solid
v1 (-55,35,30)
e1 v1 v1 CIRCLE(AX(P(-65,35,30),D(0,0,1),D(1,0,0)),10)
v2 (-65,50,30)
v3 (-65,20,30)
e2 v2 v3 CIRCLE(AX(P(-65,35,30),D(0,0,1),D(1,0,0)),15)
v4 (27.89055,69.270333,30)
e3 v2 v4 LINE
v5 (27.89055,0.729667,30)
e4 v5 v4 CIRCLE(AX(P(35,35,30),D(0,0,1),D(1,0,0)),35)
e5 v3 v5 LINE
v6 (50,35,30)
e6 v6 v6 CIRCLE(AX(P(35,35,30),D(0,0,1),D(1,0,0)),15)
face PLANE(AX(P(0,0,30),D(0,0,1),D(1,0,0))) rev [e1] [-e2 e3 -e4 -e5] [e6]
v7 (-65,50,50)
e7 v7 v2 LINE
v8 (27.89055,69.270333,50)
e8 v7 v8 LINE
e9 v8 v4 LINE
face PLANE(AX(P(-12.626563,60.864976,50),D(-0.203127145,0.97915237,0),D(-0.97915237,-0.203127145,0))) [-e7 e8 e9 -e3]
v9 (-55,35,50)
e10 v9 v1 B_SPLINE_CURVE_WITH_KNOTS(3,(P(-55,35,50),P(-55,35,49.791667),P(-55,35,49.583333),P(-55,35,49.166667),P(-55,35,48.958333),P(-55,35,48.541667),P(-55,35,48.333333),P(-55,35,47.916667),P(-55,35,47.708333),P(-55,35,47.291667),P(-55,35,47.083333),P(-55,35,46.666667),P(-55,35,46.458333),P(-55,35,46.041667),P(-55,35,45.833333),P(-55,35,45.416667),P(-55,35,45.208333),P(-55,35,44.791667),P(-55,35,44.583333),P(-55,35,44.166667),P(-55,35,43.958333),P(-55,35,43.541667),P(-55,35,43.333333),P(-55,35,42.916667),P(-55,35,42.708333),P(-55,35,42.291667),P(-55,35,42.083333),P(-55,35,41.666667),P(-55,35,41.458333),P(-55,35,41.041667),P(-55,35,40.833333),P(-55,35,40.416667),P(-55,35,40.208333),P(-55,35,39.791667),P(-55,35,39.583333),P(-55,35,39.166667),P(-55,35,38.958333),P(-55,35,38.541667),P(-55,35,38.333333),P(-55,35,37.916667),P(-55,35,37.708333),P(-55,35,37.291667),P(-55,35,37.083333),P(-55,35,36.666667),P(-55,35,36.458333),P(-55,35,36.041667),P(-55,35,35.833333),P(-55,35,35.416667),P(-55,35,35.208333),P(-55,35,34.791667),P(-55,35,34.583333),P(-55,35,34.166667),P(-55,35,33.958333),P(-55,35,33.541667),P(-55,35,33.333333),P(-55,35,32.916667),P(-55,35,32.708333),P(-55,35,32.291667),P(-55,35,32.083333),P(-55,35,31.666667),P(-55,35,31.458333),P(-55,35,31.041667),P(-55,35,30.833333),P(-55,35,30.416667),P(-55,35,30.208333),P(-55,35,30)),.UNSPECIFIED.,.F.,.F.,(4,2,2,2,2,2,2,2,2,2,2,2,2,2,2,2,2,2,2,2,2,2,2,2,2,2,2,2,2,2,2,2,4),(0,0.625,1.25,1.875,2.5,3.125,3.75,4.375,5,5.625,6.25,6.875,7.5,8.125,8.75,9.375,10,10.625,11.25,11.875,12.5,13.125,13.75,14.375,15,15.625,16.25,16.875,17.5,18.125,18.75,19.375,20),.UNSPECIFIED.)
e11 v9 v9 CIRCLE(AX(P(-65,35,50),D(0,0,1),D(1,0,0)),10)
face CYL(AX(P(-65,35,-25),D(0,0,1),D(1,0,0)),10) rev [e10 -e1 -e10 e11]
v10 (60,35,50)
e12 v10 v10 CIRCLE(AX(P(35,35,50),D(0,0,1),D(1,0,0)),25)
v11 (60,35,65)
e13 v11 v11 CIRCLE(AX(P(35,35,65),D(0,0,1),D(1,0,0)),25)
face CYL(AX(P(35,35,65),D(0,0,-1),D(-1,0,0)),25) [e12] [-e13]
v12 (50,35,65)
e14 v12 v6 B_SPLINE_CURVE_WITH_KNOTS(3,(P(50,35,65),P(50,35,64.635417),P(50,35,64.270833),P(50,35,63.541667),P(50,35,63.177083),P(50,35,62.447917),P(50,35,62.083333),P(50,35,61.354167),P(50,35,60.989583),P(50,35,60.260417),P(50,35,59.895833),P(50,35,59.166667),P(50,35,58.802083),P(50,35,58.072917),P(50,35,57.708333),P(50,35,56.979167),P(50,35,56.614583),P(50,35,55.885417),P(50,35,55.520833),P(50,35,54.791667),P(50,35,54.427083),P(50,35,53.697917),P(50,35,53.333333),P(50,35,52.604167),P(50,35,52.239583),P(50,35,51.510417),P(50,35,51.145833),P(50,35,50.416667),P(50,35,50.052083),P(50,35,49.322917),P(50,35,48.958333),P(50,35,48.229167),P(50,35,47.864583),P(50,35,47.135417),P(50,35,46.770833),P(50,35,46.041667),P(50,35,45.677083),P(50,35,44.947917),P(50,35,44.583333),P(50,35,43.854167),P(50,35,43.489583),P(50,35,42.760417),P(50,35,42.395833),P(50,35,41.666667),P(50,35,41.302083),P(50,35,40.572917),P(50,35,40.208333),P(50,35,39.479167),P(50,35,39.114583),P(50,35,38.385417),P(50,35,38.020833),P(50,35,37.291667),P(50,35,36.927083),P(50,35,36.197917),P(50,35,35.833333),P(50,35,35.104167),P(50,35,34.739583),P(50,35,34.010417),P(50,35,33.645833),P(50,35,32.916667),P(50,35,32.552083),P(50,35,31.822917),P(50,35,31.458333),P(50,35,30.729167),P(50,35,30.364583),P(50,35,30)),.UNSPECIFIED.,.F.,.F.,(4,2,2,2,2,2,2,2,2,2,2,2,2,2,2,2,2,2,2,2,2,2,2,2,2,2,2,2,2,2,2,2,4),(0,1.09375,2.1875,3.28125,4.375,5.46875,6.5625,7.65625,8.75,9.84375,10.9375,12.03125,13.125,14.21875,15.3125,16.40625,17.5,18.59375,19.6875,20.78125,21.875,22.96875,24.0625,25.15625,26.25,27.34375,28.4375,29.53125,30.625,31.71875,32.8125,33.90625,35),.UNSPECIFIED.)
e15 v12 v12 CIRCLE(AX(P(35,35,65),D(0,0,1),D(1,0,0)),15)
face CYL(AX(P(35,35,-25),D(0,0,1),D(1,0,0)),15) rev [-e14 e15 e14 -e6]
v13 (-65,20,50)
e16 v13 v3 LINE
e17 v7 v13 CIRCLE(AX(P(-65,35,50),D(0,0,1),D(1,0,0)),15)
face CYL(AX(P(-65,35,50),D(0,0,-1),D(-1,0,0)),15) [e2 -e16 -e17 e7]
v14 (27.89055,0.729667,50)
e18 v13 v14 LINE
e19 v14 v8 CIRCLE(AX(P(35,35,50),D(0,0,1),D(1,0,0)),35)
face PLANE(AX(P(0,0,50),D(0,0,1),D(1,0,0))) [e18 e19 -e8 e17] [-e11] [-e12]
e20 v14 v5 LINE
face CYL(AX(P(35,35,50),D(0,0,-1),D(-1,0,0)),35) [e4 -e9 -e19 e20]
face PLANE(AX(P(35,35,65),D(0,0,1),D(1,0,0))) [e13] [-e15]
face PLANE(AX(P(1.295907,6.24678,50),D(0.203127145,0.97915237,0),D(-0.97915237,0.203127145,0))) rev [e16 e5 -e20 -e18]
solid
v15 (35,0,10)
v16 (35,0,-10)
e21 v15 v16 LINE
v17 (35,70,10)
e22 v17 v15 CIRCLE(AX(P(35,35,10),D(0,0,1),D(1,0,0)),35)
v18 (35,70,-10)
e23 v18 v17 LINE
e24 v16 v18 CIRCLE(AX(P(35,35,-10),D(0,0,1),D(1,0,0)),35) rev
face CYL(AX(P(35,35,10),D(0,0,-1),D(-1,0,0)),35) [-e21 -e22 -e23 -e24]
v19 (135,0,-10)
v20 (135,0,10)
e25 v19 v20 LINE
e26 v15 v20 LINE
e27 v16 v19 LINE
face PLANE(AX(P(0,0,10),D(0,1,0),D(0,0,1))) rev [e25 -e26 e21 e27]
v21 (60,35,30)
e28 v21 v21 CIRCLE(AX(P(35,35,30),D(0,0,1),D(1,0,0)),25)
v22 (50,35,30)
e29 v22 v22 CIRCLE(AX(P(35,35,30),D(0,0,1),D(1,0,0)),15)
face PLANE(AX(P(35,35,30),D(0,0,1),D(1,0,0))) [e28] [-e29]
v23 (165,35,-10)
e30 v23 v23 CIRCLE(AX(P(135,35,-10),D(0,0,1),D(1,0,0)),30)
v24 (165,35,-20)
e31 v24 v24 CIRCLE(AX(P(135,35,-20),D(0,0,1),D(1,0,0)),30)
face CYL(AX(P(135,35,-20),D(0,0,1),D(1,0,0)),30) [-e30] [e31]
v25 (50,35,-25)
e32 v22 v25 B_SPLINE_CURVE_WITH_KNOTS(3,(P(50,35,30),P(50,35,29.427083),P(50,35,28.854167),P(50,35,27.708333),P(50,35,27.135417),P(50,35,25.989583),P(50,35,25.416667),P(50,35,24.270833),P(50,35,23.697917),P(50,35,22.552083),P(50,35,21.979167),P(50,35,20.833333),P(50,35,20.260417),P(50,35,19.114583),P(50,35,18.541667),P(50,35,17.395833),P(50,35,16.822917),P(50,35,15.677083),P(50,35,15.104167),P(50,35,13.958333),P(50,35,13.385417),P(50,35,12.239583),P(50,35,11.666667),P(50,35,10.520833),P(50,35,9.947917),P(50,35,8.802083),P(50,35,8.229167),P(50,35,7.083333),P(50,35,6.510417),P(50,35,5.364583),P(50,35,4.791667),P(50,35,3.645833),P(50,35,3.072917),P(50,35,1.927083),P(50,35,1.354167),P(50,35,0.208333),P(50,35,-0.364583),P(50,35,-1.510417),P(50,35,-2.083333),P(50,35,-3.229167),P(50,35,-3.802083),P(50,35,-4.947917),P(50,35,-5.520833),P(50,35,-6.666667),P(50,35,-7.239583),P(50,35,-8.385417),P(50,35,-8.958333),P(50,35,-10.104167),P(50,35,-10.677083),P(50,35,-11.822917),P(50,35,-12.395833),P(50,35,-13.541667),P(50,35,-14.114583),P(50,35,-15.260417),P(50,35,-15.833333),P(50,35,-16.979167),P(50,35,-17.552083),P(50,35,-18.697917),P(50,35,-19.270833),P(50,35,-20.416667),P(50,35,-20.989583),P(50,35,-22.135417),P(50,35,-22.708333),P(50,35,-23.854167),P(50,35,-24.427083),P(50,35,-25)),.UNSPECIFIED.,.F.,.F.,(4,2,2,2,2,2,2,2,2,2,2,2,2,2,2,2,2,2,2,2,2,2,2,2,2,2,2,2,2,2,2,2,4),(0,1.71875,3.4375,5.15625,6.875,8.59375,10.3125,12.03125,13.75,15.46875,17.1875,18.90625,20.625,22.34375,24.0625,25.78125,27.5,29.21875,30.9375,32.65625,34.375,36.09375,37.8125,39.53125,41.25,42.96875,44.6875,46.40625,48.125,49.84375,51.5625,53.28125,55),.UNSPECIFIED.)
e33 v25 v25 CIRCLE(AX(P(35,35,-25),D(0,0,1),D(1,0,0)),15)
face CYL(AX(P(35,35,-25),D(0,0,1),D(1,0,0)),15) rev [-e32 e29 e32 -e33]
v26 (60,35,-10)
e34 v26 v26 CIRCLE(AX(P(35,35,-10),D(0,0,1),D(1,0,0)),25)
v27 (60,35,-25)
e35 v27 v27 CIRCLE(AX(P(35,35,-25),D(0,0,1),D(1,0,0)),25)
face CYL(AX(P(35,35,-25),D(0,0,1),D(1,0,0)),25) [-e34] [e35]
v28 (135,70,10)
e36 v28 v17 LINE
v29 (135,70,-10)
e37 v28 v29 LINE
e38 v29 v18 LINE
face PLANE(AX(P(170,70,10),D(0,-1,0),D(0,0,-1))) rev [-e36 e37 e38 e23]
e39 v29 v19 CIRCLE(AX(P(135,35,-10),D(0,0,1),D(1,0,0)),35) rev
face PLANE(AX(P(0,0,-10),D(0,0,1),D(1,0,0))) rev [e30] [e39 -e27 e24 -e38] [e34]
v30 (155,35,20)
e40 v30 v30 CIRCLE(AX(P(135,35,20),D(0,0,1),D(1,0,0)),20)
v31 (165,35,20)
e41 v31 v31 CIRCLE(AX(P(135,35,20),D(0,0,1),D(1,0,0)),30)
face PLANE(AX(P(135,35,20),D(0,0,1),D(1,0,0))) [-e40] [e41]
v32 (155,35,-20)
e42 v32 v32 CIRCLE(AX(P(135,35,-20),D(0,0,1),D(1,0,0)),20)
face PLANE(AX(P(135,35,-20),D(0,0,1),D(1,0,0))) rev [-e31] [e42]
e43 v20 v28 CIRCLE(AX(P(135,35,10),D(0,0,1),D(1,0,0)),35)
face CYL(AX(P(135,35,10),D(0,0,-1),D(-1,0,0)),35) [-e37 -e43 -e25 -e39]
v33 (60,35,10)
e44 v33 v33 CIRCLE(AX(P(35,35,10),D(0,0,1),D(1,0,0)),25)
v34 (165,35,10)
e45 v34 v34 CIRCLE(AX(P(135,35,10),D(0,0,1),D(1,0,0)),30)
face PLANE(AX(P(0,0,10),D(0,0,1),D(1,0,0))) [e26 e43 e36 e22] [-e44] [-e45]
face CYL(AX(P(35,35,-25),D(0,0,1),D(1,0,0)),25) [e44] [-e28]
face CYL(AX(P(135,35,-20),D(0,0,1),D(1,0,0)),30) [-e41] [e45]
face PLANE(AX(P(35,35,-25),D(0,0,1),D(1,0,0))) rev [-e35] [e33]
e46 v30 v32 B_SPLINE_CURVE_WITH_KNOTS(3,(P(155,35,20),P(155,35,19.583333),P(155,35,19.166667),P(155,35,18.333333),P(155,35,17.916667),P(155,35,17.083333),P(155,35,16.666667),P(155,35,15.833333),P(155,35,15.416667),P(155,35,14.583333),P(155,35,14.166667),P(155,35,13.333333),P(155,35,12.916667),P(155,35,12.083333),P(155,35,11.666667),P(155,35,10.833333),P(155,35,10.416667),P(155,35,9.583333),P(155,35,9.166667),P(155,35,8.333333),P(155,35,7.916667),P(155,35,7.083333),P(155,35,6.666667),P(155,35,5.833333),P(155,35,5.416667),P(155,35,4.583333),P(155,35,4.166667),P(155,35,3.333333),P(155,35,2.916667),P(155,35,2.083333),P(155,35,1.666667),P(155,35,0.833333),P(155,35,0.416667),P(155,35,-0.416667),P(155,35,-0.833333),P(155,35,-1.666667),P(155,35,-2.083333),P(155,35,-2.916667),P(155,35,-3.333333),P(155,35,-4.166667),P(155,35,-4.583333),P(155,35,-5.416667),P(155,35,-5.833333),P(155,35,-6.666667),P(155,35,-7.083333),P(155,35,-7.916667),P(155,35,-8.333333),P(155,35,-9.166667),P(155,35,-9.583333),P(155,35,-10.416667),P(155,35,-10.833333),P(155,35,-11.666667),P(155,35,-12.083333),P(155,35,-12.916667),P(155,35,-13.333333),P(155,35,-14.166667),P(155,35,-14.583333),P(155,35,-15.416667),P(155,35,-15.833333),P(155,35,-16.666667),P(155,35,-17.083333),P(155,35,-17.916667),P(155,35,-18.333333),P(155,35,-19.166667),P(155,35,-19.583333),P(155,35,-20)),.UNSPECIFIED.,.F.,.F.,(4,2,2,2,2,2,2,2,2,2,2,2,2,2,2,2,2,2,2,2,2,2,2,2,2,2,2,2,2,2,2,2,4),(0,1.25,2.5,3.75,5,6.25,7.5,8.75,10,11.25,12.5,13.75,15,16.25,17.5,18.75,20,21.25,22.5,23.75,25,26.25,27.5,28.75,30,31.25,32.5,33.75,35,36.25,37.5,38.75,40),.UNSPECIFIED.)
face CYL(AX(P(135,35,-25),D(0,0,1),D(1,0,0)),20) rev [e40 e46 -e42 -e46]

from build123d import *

# Parameters (mm, degrees)
SKETCH1_W                = 170
SKETCH1_H                = 70
BOSS_EXTRUDE1_DEPTH      = 10
FILLET1_RADIUS           = 35
FILLET1_LENGTH           = 20
FILLET2_RADIUS           = 35
FILLET2_LENGTH           = 20
BOSS_EXTRUDE2_DEPTH      = 10
BOSS_EXTRUDE2_DEPTH_BACK = 30
SKETCH2_R                = 30
BOSS_EXTRUDE3_DEPTH      = 20
BOSS_EXTRUDE3_DEPTH_BACK = 35
SKETCH3_R                = 25
SKETCH4_R                = 35
SKETCH4_R_2              = 25
BOSS_EXTRUDE4_DEPTH      = 20
SKETCH5_R                = 25
BOSS_EXTRUDE5_DEPTH      = 15
SKETCH6_R                = 10
SKETCH6_R_2              = 15
SKETCH6_R_3              = 20
CUT_EXTRUDE1_DEPTH       = 205.694894905


with BuildPart() as part:
    # Sketch1 → Boss-Extrude1 (new, symmetric)
    with BuildSketch(Plane.XY):
        with Locations((85, 35)):
            Rectangle(SKETCH1_W, SKETCH1_H)
    extrude(amount=BOSS_EXTRUDE1_DEPTH, both=True)

    # Fillet1: full round fillet: the end face becomes a half cylinder, R = half its width
    fillet1_face = Plane((170, 35, 0), x_dir=(0, 0, 1), z_dir=(1, 0, 0))  # on the end face: x along it, z out of the body
    fillet1_slab = fillet1_face.offset(-FILLET1_RADIUS / 2) * Box(FILLET1_LENGTH, 2 * FILLET1_RADIUS, FILLET1_RADIUS, mode=Mode.PRIVATE)  # the body's end, R deep
    fillet1_round = Plane((135, 35, 0), x_dir=(1, 0, 0), z_dir=(0, 0, 1)) * Cylinder(FILLET1_RADIUS, FILLET1_LENGTH, mode=Mode.PRIVATE)  # its axis R under the face
    add(fillet1_slab - fillet1_round, mode=Mode.SUBTRACT)

    # Fillet2: full round fillet: the end face becomes a half cylinder, R = half its width
    fillet2_face = Plane((0, 35, 0), x_dir=(0, 0, -1), z_dir=(-1, 0, 0))  # on the end face: x along it, z out of the body
    fillet2_slab = fillet2_face.offset(-FILLET2_RADIUS / 2) * Box(FILLET2_LENGTH, 2 * FILLET2_RADIUS, FILLET2_RADIUS, mode=Mode.PRIVATE)  # the body's end, R deep
    fillet2_round = Plane((35, 35, 0), x_dir=(-1, 0, 0), z_dir=(0, 0, -1)) * Cylinder(FILLET2_RADIUS, FILLET2_LENGTH, mode=Mode.PRIVATE)  # its axis R under the face
    add(fillet2_slab - fillet2_round, mode=Mode.SUBTRACT)

    # Sketch2 → Boss-Extrude2 (add, two sides: drawn at the far end of the back side and taken through both)
    with BuildSketch(Plane.XY.offset(10).offset(-BOSS_EXTRUDE2_DEPTH_BACK)):
        with Locations((135, 35)):
            Circle(SKETCH2_R)
    extrude(amount=BOSS_EXTRUDE2_DEPTH + BOSS_EXTRUDE2_DEPTH_BACK)

    # Sketch3 → Boss-Extrude3 (add, two sides: drawn at the far end of the back side and taken through both)
    with BuildSketch(Plane.XY.offset(10).offset(-BOSS_EXTRUDE3_DEPTH_BACK)):
        with Locations((35, 35)):
            Circle(SKETCH3_R)
    extrude(amount=BOSS_EXTRUDE3_DEPTH + BOSS_EXTRUDE3_DEPTH_BACK)


with BuildPart() as body_2:
    # Sketch4 → Boss-Extrude4 (new body)
    # profile 1 of 3: a face of its own
    with BuildSketch(Plane.XY.offset(30)):
        with BuildLine():
            ThreePointArc((-65, 50), (-80, 35), (-65, 20))
            Line((-65, 20), (27.890549941, 0.729667059))
            ThreePointArc((27.890549941, 0.729667059), (0, 35), (27.890549941, 69.270332941))
            Line((27.890549941, 69.270332941), (-65, 50))
        make_face()
    # profile 2 of 3: a face of its own
    with BuildSketch(Plane.XY.offset(30)):
        with Locations((35, 35)):
            Circle(SKETCH4_R)
        with Locations((35, 35)):
            Circle(SKETCH4_R_2, mode=Mode.SUBTRACT)
    # profile 3 of 3: a face of its own
    with BuildSketch(Plane.XY.offset(30)):
        with Locations((35, 35)):
            Circle(SKETCH4_R_2)
    extrude(amount=BOSS_EXTRUDE4_DEPTH)

    # Sketch5 → Boss-Extrude5 (add)
    with BuildSketch(Plane.XY.offset(50)):
        with Locations((35, 35)):
            Circle(SKETCH5_R)
    extrude(amount=BOSS_EXTRUDE5_DEPTH)


with BuildPart() as cut_extrude1_tool:
    # Sketch6 → Cut-Extrude1 (new, through all)
    with BuildSketch(Plane.XY.offset(65)):
        with Locations((-65, 35)):
            Circle(SKETCH6_R)
        with Locations((35, 35)):
            Circle(SKETCH6_R_2)
        with Locations((135, 35)):
            Circle(SKETCH6_R_3)
    extrude(amount=-CUT_EXTRUDE1_DEPTH)


with BuildPart() as part_1:
    add(part.part)

    # Cut-Extrude1: cut by cut_extrude1_tool
    add(cut_extrude1_tool.part, mode=Mode.SUBTRACT)


with BuildPart() as body_2_1:
    add(body_2.part)

    # Cut-Extrude1: cut by cut_extrude1_tool
    add(cut_extrude1_tool.part, mode=Mode.SUBTRACT)


solid = Compound([part_1.part, body_2_1.part])
